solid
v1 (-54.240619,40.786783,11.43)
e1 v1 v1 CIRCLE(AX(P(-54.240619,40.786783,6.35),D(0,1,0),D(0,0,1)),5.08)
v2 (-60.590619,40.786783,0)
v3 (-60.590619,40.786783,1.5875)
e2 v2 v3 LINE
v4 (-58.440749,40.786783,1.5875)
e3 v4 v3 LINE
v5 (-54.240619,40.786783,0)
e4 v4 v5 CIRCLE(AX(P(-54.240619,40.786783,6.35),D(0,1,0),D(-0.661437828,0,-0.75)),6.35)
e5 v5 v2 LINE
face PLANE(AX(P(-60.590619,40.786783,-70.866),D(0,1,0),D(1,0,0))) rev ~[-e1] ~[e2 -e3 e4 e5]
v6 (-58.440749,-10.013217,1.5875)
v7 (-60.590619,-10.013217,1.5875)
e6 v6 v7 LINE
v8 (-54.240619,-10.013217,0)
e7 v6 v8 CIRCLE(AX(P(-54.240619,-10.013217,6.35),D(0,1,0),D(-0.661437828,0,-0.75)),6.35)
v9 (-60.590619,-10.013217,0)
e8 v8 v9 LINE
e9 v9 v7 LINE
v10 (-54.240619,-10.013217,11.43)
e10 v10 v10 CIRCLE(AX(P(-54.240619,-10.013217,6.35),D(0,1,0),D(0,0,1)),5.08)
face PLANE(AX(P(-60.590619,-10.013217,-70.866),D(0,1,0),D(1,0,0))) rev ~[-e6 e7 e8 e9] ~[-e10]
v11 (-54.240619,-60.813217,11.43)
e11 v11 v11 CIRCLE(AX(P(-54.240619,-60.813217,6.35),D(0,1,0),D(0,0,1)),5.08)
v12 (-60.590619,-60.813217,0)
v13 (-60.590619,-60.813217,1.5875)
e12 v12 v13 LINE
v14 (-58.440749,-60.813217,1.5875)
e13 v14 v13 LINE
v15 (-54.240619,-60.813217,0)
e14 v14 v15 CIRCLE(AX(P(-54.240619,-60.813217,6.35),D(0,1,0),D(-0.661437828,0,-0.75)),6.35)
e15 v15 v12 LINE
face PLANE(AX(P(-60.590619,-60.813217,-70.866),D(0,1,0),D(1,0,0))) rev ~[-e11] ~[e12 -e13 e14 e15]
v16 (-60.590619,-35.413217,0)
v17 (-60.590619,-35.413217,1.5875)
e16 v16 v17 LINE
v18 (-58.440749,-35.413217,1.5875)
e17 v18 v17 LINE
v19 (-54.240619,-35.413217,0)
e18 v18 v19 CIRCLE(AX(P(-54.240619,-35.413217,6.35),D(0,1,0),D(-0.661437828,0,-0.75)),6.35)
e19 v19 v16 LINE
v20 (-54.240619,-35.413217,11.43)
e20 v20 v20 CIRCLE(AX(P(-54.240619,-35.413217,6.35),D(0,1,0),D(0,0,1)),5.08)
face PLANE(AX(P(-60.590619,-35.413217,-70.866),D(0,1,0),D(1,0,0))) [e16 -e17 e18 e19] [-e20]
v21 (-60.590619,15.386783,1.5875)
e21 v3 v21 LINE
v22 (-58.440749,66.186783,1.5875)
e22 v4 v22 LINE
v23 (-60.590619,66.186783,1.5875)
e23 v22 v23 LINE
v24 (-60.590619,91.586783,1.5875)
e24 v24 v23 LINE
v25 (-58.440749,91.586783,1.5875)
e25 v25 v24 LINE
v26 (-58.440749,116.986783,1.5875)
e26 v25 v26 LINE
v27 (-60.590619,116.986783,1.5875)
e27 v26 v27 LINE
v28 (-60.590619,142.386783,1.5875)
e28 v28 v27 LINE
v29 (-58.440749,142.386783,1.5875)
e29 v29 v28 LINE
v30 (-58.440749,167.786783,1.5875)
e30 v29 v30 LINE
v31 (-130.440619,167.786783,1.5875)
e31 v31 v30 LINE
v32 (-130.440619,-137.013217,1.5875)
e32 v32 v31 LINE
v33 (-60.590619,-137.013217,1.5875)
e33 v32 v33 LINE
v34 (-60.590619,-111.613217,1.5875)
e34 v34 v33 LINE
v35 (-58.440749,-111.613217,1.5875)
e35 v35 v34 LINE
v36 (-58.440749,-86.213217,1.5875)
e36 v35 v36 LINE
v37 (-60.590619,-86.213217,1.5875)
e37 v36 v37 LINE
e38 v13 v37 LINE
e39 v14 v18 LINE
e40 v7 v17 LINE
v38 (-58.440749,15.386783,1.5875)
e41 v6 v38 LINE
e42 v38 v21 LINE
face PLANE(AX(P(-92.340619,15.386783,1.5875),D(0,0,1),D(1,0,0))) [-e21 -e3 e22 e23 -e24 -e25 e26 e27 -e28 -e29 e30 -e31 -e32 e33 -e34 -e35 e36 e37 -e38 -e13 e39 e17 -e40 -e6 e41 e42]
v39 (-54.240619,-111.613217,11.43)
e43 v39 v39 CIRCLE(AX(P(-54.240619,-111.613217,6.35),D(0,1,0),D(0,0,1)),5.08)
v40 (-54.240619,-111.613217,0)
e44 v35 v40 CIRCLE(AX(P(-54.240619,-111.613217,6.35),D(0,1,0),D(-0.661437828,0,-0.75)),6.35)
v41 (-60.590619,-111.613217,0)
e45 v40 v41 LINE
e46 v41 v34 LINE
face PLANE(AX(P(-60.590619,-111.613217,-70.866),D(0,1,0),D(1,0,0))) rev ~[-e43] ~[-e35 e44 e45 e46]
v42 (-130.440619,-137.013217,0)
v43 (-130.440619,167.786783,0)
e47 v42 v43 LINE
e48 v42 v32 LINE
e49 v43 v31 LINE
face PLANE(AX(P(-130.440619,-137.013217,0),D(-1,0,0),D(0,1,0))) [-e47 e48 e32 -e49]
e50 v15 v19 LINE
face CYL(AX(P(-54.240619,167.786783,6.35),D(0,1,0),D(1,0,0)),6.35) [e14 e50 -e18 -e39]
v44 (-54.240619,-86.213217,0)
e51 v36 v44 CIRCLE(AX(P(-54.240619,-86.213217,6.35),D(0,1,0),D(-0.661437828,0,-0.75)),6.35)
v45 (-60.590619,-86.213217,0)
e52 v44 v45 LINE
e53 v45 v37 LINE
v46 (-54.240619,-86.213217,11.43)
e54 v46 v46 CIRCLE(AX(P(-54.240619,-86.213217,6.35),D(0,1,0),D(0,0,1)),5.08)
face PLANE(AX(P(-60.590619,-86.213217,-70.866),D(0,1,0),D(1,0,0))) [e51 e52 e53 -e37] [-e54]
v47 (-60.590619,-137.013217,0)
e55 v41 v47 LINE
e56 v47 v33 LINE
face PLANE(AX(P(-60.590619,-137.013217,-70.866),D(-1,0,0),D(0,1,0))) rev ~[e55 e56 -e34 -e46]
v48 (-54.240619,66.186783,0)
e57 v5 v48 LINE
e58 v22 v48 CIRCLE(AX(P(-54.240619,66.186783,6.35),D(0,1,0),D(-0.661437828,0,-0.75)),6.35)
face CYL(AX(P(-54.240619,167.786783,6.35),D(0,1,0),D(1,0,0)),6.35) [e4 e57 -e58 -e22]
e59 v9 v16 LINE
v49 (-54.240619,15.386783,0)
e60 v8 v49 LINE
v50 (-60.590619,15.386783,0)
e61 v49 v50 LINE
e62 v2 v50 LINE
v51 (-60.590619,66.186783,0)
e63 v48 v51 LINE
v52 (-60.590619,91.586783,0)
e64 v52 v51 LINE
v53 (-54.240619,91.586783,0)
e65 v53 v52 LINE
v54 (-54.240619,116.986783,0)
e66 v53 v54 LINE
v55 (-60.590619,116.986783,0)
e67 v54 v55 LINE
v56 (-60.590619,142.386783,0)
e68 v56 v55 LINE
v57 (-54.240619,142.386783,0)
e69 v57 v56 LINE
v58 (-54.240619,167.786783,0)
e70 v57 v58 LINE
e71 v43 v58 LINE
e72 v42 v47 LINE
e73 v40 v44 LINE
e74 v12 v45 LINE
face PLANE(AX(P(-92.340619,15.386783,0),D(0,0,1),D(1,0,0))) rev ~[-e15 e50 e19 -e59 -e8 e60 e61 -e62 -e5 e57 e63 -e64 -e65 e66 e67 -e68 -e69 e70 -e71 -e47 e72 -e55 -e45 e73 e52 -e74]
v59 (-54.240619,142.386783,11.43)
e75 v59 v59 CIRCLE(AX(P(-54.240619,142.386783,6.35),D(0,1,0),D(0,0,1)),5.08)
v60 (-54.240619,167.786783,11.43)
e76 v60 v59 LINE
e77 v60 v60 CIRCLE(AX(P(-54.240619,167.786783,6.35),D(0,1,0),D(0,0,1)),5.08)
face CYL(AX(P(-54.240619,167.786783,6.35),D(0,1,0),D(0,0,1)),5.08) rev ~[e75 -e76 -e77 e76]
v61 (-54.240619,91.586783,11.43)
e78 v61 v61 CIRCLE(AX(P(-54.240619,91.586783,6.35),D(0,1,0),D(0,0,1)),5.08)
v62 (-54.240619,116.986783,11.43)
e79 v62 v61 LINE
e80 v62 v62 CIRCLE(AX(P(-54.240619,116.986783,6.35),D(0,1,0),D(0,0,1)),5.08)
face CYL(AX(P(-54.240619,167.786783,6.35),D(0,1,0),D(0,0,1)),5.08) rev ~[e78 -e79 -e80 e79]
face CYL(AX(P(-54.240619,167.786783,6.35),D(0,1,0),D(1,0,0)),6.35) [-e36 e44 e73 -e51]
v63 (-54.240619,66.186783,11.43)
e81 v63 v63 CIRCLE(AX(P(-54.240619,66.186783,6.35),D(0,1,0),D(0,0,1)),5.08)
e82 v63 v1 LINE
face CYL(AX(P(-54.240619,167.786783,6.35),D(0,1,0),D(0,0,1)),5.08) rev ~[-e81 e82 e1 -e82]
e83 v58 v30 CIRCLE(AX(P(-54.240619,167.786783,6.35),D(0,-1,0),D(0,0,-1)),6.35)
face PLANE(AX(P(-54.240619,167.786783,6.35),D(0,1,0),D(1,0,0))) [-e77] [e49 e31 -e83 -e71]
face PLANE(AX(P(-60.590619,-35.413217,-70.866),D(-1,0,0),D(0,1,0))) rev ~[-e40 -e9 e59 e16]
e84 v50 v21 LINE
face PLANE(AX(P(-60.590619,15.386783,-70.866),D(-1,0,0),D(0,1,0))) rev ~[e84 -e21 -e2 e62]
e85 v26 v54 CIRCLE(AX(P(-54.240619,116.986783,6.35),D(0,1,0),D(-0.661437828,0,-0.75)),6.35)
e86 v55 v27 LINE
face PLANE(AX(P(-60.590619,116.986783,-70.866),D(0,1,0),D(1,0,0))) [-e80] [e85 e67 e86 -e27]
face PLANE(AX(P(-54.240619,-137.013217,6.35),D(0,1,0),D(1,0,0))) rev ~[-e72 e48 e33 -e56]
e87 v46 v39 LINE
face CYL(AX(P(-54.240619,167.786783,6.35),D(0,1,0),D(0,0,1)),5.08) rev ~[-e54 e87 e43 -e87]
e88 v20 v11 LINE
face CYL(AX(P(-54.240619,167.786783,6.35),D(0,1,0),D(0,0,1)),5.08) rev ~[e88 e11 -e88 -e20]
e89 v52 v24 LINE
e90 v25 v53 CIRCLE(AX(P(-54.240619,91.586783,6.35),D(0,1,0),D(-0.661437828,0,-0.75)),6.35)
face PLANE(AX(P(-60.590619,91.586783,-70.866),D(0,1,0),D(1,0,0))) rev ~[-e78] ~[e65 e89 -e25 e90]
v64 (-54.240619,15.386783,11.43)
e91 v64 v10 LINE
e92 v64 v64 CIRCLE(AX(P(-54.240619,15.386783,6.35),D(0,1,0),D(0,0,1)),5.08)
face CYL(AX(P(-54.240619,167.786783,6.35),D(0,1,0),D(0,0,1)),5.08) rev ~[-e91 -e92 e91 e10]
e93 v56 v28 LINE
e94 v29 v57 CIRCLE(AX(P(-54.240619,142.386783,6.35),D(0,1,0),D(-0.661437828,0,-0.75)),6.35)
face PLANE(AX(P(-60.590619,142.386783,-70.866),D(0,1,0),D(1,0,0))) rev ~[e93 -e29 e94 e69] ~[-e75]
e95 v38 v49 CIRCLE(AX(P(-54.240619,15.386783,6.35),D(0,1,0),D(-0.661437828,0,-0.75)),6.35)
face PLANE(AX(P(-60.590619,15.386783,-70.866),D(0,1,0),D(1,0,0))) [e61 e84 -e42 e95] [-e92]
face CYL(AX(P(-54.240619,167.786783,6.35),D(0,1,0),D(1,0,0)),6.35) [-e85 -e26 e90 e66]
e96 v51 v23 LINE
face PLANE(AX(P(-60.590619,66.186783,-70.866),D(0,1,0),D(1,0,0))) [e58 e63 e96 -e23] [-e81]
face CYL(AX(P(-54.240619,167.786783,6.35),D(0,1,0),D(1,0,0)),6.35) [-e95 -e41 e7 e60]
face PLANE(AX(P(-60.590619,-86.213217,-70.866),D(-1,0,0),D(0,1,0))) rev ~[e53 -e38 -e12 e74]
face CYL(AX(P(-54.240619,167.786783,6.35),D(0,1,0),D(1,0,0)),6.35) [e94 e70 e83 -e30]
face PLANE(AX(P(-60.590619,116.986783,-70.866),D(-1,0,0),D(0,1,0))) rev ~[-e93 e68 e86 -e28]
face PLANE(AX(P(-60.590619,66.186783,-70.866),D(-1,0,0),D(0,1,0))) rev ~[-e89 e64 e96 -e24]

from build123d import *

# Parameters (mm, degrees)
SKETCH1_W               = 76.2
SKETCH1_H               = 304.8
BOSS_EXTRUDE1_DEPTH     = 1.5875
SKETCH2_R               = 6.35
BOSS_EXTRUDE2_DEPTH     = 304.8
CUT_EXTRUDE1_DEPTH      = 72.4535
CUT_EXTRUDE1_DEPTH_BACK = 72.4535
SKETCH3_W               = 22.233491501
SKETCH3_H               = 25.4
SKETCH3_W_2             = 25.169990379
SKETCH3_W_3             = 20.176908814
SKETCH4_R               = 5.08
CUT_EXTRUDE2_DEPTH      = 332.781682839


with BuildPart() as part:
    # Sketch1 → Boss-Extrude1 (new body)
    with BuildSketch(Plane.XY):
        with Locations((-92.340618933, 15.386782554)):
            Rectangle(SKETCH1_W, SKETCH1_H)
    extrude(amount=BOSS_EXTRUDE1_DEPTH)

    # Sketch2 → Boss-Extrude2 (add)
    with BuildSketch(Plane(origin=(0, 167.786782554, 0), x_dir=(1, 0, 0), z_dir=(0, 1, 0))):
        with Locations((-54.240618933, -6.35)):
            Circle(SKETCH2_R)
    extrude(amount=-BOSS_EXTRUDE2_DEPTH)

    # Sketch3 → Cut-Extrude1 (cut, two sides: drawn at the far end of the back side and taken through both)
    with BuildSketch(Plane.XY.offset(1.5875).offset(-CUT_EXTRUDE1_DEPTH_BACK)):
        with Locations((-49.473873183, 129.686782554)):
            Rectangle(SKETCH3_W, SKETCH3_H)
        with Locations((-49.473873183, 78.886782554)):
            Rectangle(SKETCH3_W, SKETCH3_H)
        with Locations((-49.473873183, 28.086782554)):
            Rectangle(SKETCH3_W, SKETCH3_H)
        with Locations((-49.473873183, -22.713217446)):
            Rectangle(SKETCH3_W, SKETCH3_H)
        with Locations((-48.005623744, -73.513217446)):
            Rectangle(SKETCH3_W_2, SKETCH3_H)
        with Locations((-50.502164526, -124.313217446)):
            Rectangle(SKETCH3_W_3, SKETCH3_H)
    extrude(amount=CUT_EXTRUDE1_DEPTH + CUT_EXTRUDE1_DEPTH_BACK, mode=Mode.SUBTRACT)

    # Sketch4 → Cut-Extrude2 (cut, through all)
    with BuildSketch(Plane(origin=(0, 167.786782554, 0), x_dir=(1, 0, 0), z_dir=(0, 1, 0))):
        with Locations(Location((-54.240618933, -6.35, 0), (0, 0, 270))):
            Circle(SKETCH4_R)
    extrude(amount=-CUT_EXTRUDE2_DEPTH, mode=Mode.SUBTRACT)


solid = part.part
